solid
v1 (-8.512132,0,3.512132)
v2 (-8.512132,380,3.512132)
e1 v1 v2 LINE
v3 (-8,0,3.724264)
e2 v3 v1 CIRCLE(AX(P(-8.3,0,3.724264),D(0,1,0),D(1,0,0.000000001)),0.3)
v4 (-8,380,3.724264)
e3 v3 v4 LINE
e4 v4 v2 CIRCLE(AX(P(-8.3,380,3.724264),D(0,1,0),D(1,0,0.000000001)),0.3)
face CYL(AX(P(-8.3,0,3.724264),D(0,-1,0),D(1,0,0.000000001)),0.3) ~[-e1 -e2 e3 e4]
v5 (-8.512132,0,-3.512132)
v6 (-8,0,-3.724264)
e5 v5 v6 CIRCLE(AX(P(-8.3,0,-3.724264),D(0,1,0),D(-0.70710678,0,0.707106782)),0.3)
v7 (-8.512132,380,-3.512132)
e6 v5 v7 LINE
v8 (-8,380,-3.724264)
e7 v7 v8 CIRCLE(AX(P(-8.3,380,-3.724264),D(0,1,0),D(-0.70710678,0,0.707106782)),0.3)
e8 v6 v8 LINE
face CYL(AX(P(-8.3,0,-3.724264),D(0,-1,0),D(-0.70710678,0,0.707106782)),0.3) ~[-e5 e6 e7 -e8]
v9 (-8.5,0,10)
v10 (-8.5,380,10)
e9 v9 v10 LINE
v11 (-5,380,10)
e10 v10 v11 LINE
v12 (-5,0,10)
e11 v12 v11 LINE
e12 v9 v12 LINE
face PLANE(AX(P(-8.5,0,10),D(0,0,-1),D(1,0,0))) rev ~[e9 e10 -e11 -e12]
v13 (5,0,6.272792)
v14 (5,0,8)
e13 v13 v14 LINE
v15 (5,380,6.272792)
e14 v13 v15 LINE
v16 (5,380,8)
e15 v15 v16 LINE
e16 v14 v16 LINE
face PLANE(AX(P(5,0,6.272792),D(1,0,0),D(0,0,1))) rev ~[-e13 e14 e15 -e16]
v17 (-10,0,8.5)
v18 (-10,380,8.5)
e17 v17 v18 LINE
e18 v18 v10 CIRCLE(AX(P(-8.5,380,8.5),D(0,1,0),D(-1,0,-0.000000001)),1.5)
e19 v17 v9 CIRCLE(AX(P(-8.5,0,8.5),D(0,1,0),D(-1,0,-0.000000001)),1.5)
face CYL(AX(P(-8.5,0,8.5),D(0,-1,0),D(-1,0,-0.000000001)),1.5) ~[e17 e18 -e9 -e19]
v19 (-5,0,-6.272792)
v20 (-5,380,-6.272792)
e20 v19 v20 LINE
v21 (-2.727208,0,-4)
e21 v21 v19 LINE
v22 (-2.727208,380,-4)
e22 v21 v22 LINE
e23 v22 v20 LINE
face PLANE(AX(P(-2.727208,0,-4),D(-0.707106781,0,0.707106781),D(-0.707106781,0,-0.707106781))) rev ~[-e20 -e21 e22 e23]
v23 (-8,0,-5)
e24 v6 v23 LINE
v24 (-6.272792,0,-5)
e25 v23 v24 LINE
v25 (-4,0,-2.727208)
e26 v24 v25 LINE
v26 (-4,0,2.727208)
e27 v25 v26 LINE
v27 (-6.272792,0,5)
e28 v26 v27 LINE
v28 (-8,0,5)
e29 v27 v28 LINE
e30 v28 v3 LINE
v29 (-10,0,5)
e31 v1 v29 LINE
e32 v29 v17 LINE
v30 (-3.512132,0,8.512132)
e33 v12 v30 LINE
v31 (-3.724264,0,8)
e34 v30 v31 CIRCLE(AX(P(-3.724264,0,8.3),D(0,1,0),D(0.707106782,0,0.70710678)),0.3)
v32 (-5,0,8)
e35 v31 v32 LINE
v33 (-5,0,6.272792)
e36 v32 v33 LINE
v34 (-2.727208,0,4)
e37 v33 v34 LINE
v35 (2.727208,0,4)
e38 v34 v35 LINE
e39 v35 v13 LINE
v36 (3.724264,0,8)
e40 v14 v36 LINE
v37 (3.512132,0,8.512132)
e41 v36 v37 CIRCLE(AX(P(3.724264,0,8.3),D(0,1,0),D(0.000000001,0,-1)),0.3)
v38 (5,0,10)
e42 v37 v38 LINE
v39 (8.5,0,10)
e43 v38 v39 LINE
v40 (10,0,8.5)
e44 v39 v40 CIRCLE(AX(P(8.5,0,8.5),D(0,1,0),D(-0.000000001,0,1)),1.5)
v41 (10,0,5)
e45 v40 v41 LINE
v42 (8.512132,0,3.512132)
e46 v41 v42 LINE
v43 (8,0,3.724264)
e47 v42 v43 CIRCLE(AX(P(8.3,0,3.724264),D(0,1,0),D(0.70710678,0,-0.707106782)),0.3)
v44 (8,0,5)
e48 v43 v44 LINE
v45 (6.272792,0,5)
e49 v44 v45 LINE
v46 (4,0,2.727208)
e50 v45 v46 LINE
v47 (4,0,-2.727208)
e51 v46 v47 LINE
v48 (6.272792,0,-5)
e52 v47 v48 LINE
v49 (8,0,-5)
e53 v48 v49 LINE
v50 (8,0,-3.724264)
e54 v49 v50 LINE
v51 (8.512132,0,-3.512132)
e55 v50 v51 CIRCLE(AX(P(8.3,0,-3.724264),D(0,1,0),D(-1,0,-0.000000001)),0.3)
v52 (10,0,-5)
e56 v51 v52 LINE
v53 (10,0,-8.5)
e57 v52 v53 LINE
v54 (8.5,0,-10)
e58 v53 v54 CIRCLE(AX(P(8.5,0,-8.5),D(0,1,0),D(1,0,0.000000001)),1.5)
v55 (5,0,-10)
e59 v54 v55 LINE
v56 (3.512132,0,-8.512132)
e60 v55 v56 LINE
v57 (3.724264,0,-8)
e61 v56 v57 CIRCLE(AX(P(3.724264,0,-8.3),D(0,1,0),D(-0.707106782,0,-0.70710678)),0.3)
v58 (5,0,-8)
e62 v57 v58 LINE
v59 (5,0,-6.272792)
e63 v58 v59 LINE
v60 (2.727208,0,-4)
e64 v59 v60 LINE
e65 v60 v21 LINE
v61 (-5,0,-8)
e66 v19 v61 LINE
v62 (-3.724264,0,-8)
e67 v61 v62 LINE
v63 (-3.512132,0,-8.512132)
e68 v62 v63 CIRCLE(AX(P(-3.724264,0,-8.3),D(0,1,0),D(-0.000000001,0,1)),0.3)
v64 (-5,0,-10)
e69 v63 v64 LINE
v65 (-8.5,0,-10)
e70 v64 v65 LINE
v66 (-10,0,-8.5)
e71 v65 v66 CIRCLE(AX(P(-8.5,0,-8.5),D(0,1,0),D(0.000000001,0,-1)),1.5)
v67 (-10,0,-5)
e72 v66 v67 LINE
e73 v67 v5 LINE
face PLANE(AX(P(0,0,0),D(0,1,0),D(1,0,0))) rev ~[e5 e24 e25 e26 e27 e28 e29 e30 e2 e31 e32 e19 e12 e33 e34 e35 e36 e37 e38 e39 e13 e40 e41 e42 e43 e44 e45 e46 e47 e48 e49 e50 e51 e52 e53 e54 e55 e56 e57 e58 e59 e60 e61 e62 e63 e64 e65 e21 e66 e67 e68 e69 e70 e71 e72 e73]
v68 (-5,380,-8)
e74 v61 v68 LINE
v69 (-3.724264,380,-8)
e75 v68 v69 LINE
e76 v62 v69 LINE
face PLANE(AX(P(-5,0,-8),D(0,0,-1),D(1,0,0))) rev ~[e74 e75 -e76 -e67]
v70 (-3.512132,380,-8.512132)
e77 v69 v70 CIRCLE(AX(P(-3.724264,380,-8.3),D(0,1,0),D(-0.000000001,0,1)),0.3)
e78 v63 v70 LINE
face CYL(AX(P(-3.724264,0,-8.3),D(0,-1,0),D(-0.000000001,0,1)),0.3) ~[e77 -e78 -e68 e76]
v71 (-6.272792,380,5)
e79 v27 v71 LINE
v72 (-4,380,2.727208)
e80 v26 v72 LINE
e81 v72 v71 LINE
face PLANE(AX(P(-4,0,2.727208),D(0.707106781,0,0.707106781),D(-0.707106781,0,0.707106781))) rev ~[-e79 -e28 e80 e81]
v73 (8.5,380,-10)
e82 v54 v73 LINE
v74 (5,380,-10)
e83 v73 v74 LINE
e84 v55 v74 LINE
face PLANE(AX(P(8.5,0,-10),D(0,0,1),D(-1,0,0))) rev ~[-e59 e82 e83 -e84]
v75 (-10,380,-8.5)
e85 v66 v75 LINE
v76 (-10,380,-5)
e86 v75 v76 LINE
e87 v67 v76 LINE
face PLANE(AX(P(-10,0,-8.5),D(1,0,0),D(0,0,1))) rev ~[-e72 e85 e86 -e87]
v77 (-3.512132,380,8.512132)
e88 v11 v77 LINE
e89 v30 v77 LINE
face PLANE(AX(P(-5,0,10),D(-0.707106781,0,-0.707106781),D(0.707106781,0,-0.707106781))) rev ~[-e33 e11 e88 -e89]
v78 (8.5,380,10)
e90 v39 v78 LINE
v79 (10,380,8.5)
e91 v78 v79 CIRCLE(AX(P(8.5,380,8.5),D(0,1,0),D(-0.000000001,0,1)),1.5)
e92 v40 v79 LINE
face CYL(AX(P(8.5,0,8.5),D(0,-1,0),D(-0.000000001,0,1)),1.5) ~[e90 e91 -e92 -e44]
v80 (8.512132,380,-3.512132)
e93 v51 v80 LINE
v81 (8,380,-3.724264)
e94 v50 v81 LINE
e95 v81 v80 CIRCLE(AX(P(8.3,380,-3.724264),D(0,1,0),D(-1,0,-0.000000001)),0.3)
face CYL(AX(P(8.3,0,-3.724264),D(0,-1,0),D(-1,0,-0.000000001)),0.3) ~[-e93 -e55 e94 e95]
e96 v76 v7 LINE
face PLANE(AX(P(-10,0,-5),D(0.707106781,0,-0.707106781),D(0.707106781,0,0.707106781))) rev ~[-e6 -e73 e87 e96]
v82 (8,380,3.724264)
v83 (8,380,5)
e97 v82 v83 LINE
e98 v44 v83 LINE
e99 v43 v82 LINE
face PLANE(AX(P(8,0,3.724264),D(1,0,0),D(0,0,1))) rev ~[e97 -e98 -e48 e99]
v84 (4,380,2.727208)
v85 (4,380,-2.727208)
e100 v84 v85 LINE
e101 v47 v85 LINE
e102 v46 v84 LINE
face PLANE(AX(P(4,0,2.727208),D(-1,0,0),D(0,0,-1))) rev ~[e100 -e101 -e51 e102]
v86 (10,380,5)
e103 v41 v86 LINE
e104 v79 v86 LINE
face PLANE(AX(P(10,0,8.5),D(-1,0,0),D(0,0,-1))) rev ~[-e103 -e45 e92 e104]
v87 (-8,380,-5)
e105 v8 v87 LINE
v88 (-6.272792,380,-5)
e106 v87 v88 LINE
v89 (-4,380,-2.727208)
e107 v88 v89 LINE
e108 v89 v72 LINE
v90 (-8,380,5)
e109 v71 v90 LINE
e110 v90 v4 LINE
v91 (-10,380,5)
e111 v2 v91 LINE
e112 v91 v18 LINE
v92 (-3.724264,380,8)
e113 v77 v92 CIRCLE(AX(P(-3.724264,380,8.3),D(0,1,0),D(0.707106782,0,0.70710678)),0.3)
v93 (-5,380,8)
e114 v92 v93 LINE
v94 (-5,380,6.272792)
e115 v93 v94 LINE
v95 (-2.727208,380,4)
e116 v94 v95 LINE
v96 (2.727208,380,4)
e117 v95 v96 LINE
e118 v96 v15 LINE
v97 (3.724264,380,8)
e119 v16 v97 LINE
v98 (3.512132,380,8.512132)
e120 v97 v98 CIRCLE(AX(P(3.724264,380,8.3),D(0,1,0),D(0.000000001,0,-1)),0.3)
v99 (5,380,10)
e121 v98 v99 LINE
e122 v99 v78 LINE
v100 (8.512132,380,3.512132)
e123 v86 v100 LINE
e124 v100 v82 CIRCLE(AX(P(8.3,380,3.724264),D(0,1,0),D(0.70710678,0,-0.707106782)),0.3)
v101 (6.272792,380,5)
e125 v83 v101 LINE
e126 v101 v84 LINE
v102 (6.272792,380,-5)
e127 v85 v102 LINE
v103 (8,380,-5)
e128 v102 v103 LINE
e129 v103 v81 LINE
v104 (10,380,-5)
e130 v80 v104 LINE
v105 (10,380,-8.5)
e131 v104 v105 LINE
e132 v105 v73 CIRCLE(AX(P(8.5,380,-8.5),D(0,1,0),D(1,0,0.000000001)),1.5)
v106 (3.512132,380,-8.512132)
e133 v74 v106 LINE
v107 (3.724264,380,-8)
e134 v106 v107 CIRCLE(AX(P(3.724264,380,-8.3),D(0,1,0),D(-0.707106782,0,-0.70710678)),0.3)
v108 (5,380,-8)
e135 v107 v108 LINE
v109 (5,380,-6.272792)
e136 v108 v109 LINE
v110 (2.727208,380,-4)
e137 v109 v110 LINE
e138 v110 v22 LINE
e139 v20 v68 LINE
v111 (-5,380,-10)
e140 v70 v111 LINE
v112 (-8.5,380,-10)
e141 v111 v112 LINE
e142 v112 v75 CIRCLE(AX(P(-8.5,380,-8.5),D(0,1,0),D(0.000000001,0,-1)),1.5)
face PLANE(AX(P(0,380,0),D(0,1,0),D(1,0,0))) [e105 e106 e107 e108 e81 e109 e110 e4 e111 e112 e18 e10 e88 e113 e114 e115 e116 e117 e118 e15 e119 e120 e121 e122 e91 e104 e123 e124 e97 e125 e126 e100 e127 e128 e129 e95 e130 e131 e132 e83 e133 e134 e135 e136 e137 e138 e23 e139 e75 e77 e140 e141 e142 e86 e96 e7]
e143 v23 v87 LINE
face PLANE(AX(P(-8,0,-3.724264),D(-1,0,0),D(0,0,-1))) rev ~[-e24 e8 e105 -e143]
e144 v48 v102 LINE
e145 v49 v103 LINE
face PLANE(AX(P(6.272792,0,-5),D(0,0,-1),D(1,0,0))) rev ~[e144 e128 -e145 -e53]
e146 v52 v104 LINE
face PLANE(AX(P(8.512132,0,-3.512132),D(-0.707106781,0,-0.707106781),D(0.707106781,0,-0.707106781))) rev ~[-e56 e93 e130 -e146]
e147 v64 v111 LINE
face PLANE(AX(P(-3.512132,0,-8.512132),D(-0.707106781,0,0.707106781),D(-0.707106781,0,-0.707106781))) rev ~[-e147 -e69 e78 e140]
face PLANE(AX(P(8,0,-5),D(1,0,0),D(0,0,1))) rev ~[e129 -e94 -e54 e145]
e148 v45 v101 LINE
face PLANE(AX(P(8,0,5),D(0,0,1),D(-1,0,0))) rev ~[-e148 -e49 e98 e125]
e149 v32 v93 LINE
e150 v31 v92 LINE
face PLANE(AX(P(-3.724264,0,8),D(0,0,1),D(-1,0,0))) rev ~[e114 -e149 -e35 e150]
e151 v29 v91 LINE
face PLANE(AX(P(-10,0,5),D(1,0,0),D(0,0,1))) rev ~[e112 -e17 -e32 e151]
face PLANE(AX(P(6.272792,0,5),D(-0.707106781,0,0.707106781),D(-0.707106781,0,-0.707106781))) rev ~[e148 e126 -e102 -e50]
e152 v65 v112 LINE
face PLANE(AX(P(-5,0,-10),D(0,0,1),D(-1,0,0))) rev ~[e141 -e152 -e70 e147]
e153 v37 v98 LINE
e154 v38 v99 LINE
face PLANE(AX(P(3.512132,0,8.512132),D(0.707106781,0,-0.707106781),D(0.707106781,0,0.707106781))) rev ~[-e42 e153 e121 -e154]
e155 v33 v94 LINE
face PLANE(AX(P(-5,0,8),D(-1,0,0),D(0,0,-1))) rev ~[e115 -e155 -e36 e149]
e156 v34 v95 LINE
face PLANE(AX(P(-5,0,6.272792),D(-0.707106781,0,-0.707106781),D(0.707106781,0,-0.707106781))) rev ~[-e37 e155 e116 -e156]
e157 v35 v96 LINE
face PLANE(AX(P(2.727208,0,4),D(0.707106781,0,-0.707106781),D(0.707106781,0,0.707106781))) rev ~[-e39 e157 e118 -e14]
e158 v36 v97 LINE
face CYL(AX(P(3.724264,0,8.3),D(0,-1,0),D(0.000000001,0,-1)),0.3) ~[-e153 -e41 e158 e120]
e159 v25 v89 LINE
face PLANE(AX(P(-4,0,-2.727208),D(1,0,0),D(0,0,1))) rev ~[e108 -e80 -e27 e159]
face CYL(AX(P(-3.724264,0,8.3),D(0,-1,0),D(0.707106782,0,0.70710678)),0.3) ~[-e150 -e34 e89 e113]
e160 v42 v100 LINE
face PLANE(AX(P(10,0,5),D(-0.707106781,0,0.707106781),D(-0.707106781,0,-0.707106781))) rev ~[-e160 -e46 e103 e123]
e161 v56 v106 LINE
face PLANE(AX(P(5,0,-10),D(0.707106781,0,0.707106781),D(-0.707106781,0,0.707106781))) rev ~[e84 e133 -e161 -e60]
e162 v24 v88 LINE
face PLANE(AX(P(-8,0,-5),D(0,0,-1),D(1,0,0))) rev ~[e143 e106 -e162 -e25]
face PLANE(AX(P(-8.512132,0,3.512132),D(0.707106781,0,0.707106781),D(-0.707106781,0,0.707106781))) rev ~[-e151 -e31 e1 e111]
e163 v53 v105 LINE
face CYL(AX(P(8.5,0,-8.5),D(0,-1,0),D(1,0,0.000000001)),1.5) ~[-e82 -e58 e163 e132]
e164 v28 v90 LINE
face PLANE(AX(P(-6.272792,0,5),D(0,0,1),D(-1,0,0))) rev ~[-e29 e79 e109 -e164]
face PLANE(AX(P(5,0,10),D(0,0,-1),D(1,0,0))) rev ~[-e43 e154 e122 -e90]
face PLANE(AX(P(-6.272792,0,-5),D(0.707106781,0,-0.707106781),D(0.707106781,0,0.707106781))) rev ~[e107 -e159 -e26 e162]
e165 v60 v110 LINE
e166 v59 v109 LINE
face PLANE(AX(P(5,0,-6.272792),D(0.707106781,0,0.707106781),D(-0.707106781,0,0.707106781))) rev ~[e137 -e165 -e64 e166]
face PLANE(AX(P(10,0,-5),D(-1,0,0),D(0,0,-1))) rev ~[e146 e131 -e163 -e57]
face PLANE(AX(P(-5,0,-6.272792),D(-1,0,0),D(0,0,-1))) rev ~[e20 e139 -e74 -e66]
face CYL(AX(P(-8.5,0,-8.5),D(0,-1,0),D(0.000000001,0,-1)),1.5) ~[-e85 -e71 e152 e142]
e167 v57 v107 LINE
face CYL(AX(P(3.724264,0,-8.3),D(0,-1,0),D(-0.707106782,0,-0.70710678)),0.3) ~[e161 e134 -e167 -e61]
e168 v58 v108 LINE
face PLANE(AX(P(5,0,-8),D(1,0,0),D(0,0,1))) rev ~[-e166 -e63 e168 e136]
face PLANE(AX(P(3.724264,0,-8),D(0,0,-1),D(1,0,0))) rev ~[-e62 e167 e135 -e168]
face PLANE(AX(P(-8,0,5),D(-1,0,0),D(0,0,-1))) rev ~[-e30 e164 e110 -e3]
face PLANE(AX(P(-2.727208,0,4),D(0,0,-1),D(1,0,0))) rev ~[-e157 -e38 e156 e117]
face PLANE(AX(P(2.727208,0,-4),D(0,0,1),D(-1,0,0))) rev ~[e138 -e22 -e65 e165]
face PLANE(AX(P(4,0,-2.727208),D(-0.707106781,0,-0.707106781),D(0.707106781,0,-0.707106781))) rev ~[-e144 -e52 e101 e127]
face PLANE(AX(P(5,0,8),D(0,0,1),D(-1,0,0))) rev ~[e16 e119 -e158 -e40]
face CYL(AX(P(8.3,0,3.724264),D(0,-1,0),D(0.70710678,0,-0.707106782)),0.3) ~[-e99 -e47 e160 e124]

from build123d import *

# Parameters (mm, degrees)
EXTRUDE_1_DEPTH = 380


with BuildPart() as part:
    # Эскиз1 → Бобышка-Вытянуть1 (new body)
    with BuildSketch(Plane(origin=(0, 0, 0), x_dir=(1, 0, 0), z_dir=(0, 1, 0))):
        with BuildLine():
            Line((6.272792206, 5), (8, 5))
            Line((8, 5), (8, 3.724264069))
            ThreePointArc((8, 3.724264069), (8.18519497, 3.447100209), (8.512132034, 3.512132034))
            Line((8.512132034, 3.512132034), (10, 5))
            Line((10, 5), (10, 8.5))
            ThreePointArc((10, 8.5), (9.560660172, 9.560660172), (8.5, 10))
            Line((8.5, 10), (5, 10))
            Line((5, 10), (3.512132034, 8.512132034))
            ThreePointArc((3.512132034, 8.512132034), (3.447100209, 8.18519497), (3.724264069, 8))
            Line((3.724264069, 8), (5, 8))
            Line((5, 8), (5, 6.272792206))
            Line((5, 6.272792206), (2.727207794, 4))
            Line((2.727207794, 4), (-2.727207794, 4))
            Line((-2.727207794, 4), (-5, 6.272792206))
            Line((-5, 6.272792206), (-5, 8))
            Line((-5, 8), (-3.724264069, 8))
            ThreePointArc((-3.724264069, 8), (-3.447100209, 8.18519497), (-3.512132034, 8.512132034))
            Line((-3.512132034, 8.512132034), (-5, 10))
            Line((-5, 10), (-8.5, 10))
            ThreePointArc((-8.5, 10), (-9.560660172, 9.560660172), (-10, 8.5))
            Line((-10, 8.5), (-10, 5))
            Line((-10, 5), (-8.512132034, 3.512132034))
            ThreePointArc((-8.512132034, 3.512132034), (-8.18519497, 3.447100209), (-8, 3.724264069))
            Line((-8, 3.724264069), (-8, 5))
            Line((-8, 5), (-6.272792206, 5))
            Line((-6.272792206, 5), (-4, 2.727207794))
            Line((-4, 2.727207794), (-4, -2.727207794))
            Line((-4, -2.727207794), (-6.272792206, -5))
            Line((-6.272792206, -5), (-8, -5))
            Line((-8, -5), (-8, -3.724264069))
            ThreePointArc((-8, -3.724264069), (-8.18519497, -3.447100209), (-8.512132034, -3.512132034))
            Line((-8.512132034, -3.512132034), (-10, -5))
            Line((-10, -5), (-10, -8.5))
            ThreePointArc((-10, -8.5), (-9.560660172, -9.560660172), (-8.5, -10))
            Line((-8.5, -10), (-5, -10))
            Line((-5, -10), (-3.512132034, -8.512132034))
            ThreePointArc((-3.512132034, -8.512132034), (-3.447100209, -8.18519497), (-3.724264069, -8))
            Line((-3.724264069, -8), (-5, -8))
            Line((-5, -8), (-5, -6.272792206))
            Line((-5, -6.272792206), (-2.727207794, -4))
            Line((-2.727207794, -4), (2.727207794, -4))
            Line((2.727207794, -4), (5, -6.272792206))
            Line((5, -6.272792206), (5, -8))
            Line((5, -8), (3.724264069, -8))
            ThreePointArc((3.724264069, -8), (3.447100209, -8.18519497), (3.512132034, -8.512132034))
            Line((3.512132034, -8.512132034), (5, -10))
            Line((5, -10), (8.5, -10))
            ThreePointArc((8.5, -10), (9.560660172, -9.560660172), (10, -8.5))
            Line((10, -8.5), (10, -5))
            Line((10, -5), (8.512132034, -3.512132034))
            ThreePointArc((8.512132034, -3.512132034), (8.18519497, -3.447100209), (8, -3.724264069))
            Line((8, -3.724264069), (8, -5))
            Line((8, -5), (6.272792206, -5))
            Line((6.272792206, -5), (4, -2.727207794))
            Line((4, -2.727207794), (4, 2.727207794))
            Line((4, 2.727207794), (6.272792206, 5))
        make_face()
    extrude(amount=EXTRUDE_1_DEPTH)


solid = part.part
